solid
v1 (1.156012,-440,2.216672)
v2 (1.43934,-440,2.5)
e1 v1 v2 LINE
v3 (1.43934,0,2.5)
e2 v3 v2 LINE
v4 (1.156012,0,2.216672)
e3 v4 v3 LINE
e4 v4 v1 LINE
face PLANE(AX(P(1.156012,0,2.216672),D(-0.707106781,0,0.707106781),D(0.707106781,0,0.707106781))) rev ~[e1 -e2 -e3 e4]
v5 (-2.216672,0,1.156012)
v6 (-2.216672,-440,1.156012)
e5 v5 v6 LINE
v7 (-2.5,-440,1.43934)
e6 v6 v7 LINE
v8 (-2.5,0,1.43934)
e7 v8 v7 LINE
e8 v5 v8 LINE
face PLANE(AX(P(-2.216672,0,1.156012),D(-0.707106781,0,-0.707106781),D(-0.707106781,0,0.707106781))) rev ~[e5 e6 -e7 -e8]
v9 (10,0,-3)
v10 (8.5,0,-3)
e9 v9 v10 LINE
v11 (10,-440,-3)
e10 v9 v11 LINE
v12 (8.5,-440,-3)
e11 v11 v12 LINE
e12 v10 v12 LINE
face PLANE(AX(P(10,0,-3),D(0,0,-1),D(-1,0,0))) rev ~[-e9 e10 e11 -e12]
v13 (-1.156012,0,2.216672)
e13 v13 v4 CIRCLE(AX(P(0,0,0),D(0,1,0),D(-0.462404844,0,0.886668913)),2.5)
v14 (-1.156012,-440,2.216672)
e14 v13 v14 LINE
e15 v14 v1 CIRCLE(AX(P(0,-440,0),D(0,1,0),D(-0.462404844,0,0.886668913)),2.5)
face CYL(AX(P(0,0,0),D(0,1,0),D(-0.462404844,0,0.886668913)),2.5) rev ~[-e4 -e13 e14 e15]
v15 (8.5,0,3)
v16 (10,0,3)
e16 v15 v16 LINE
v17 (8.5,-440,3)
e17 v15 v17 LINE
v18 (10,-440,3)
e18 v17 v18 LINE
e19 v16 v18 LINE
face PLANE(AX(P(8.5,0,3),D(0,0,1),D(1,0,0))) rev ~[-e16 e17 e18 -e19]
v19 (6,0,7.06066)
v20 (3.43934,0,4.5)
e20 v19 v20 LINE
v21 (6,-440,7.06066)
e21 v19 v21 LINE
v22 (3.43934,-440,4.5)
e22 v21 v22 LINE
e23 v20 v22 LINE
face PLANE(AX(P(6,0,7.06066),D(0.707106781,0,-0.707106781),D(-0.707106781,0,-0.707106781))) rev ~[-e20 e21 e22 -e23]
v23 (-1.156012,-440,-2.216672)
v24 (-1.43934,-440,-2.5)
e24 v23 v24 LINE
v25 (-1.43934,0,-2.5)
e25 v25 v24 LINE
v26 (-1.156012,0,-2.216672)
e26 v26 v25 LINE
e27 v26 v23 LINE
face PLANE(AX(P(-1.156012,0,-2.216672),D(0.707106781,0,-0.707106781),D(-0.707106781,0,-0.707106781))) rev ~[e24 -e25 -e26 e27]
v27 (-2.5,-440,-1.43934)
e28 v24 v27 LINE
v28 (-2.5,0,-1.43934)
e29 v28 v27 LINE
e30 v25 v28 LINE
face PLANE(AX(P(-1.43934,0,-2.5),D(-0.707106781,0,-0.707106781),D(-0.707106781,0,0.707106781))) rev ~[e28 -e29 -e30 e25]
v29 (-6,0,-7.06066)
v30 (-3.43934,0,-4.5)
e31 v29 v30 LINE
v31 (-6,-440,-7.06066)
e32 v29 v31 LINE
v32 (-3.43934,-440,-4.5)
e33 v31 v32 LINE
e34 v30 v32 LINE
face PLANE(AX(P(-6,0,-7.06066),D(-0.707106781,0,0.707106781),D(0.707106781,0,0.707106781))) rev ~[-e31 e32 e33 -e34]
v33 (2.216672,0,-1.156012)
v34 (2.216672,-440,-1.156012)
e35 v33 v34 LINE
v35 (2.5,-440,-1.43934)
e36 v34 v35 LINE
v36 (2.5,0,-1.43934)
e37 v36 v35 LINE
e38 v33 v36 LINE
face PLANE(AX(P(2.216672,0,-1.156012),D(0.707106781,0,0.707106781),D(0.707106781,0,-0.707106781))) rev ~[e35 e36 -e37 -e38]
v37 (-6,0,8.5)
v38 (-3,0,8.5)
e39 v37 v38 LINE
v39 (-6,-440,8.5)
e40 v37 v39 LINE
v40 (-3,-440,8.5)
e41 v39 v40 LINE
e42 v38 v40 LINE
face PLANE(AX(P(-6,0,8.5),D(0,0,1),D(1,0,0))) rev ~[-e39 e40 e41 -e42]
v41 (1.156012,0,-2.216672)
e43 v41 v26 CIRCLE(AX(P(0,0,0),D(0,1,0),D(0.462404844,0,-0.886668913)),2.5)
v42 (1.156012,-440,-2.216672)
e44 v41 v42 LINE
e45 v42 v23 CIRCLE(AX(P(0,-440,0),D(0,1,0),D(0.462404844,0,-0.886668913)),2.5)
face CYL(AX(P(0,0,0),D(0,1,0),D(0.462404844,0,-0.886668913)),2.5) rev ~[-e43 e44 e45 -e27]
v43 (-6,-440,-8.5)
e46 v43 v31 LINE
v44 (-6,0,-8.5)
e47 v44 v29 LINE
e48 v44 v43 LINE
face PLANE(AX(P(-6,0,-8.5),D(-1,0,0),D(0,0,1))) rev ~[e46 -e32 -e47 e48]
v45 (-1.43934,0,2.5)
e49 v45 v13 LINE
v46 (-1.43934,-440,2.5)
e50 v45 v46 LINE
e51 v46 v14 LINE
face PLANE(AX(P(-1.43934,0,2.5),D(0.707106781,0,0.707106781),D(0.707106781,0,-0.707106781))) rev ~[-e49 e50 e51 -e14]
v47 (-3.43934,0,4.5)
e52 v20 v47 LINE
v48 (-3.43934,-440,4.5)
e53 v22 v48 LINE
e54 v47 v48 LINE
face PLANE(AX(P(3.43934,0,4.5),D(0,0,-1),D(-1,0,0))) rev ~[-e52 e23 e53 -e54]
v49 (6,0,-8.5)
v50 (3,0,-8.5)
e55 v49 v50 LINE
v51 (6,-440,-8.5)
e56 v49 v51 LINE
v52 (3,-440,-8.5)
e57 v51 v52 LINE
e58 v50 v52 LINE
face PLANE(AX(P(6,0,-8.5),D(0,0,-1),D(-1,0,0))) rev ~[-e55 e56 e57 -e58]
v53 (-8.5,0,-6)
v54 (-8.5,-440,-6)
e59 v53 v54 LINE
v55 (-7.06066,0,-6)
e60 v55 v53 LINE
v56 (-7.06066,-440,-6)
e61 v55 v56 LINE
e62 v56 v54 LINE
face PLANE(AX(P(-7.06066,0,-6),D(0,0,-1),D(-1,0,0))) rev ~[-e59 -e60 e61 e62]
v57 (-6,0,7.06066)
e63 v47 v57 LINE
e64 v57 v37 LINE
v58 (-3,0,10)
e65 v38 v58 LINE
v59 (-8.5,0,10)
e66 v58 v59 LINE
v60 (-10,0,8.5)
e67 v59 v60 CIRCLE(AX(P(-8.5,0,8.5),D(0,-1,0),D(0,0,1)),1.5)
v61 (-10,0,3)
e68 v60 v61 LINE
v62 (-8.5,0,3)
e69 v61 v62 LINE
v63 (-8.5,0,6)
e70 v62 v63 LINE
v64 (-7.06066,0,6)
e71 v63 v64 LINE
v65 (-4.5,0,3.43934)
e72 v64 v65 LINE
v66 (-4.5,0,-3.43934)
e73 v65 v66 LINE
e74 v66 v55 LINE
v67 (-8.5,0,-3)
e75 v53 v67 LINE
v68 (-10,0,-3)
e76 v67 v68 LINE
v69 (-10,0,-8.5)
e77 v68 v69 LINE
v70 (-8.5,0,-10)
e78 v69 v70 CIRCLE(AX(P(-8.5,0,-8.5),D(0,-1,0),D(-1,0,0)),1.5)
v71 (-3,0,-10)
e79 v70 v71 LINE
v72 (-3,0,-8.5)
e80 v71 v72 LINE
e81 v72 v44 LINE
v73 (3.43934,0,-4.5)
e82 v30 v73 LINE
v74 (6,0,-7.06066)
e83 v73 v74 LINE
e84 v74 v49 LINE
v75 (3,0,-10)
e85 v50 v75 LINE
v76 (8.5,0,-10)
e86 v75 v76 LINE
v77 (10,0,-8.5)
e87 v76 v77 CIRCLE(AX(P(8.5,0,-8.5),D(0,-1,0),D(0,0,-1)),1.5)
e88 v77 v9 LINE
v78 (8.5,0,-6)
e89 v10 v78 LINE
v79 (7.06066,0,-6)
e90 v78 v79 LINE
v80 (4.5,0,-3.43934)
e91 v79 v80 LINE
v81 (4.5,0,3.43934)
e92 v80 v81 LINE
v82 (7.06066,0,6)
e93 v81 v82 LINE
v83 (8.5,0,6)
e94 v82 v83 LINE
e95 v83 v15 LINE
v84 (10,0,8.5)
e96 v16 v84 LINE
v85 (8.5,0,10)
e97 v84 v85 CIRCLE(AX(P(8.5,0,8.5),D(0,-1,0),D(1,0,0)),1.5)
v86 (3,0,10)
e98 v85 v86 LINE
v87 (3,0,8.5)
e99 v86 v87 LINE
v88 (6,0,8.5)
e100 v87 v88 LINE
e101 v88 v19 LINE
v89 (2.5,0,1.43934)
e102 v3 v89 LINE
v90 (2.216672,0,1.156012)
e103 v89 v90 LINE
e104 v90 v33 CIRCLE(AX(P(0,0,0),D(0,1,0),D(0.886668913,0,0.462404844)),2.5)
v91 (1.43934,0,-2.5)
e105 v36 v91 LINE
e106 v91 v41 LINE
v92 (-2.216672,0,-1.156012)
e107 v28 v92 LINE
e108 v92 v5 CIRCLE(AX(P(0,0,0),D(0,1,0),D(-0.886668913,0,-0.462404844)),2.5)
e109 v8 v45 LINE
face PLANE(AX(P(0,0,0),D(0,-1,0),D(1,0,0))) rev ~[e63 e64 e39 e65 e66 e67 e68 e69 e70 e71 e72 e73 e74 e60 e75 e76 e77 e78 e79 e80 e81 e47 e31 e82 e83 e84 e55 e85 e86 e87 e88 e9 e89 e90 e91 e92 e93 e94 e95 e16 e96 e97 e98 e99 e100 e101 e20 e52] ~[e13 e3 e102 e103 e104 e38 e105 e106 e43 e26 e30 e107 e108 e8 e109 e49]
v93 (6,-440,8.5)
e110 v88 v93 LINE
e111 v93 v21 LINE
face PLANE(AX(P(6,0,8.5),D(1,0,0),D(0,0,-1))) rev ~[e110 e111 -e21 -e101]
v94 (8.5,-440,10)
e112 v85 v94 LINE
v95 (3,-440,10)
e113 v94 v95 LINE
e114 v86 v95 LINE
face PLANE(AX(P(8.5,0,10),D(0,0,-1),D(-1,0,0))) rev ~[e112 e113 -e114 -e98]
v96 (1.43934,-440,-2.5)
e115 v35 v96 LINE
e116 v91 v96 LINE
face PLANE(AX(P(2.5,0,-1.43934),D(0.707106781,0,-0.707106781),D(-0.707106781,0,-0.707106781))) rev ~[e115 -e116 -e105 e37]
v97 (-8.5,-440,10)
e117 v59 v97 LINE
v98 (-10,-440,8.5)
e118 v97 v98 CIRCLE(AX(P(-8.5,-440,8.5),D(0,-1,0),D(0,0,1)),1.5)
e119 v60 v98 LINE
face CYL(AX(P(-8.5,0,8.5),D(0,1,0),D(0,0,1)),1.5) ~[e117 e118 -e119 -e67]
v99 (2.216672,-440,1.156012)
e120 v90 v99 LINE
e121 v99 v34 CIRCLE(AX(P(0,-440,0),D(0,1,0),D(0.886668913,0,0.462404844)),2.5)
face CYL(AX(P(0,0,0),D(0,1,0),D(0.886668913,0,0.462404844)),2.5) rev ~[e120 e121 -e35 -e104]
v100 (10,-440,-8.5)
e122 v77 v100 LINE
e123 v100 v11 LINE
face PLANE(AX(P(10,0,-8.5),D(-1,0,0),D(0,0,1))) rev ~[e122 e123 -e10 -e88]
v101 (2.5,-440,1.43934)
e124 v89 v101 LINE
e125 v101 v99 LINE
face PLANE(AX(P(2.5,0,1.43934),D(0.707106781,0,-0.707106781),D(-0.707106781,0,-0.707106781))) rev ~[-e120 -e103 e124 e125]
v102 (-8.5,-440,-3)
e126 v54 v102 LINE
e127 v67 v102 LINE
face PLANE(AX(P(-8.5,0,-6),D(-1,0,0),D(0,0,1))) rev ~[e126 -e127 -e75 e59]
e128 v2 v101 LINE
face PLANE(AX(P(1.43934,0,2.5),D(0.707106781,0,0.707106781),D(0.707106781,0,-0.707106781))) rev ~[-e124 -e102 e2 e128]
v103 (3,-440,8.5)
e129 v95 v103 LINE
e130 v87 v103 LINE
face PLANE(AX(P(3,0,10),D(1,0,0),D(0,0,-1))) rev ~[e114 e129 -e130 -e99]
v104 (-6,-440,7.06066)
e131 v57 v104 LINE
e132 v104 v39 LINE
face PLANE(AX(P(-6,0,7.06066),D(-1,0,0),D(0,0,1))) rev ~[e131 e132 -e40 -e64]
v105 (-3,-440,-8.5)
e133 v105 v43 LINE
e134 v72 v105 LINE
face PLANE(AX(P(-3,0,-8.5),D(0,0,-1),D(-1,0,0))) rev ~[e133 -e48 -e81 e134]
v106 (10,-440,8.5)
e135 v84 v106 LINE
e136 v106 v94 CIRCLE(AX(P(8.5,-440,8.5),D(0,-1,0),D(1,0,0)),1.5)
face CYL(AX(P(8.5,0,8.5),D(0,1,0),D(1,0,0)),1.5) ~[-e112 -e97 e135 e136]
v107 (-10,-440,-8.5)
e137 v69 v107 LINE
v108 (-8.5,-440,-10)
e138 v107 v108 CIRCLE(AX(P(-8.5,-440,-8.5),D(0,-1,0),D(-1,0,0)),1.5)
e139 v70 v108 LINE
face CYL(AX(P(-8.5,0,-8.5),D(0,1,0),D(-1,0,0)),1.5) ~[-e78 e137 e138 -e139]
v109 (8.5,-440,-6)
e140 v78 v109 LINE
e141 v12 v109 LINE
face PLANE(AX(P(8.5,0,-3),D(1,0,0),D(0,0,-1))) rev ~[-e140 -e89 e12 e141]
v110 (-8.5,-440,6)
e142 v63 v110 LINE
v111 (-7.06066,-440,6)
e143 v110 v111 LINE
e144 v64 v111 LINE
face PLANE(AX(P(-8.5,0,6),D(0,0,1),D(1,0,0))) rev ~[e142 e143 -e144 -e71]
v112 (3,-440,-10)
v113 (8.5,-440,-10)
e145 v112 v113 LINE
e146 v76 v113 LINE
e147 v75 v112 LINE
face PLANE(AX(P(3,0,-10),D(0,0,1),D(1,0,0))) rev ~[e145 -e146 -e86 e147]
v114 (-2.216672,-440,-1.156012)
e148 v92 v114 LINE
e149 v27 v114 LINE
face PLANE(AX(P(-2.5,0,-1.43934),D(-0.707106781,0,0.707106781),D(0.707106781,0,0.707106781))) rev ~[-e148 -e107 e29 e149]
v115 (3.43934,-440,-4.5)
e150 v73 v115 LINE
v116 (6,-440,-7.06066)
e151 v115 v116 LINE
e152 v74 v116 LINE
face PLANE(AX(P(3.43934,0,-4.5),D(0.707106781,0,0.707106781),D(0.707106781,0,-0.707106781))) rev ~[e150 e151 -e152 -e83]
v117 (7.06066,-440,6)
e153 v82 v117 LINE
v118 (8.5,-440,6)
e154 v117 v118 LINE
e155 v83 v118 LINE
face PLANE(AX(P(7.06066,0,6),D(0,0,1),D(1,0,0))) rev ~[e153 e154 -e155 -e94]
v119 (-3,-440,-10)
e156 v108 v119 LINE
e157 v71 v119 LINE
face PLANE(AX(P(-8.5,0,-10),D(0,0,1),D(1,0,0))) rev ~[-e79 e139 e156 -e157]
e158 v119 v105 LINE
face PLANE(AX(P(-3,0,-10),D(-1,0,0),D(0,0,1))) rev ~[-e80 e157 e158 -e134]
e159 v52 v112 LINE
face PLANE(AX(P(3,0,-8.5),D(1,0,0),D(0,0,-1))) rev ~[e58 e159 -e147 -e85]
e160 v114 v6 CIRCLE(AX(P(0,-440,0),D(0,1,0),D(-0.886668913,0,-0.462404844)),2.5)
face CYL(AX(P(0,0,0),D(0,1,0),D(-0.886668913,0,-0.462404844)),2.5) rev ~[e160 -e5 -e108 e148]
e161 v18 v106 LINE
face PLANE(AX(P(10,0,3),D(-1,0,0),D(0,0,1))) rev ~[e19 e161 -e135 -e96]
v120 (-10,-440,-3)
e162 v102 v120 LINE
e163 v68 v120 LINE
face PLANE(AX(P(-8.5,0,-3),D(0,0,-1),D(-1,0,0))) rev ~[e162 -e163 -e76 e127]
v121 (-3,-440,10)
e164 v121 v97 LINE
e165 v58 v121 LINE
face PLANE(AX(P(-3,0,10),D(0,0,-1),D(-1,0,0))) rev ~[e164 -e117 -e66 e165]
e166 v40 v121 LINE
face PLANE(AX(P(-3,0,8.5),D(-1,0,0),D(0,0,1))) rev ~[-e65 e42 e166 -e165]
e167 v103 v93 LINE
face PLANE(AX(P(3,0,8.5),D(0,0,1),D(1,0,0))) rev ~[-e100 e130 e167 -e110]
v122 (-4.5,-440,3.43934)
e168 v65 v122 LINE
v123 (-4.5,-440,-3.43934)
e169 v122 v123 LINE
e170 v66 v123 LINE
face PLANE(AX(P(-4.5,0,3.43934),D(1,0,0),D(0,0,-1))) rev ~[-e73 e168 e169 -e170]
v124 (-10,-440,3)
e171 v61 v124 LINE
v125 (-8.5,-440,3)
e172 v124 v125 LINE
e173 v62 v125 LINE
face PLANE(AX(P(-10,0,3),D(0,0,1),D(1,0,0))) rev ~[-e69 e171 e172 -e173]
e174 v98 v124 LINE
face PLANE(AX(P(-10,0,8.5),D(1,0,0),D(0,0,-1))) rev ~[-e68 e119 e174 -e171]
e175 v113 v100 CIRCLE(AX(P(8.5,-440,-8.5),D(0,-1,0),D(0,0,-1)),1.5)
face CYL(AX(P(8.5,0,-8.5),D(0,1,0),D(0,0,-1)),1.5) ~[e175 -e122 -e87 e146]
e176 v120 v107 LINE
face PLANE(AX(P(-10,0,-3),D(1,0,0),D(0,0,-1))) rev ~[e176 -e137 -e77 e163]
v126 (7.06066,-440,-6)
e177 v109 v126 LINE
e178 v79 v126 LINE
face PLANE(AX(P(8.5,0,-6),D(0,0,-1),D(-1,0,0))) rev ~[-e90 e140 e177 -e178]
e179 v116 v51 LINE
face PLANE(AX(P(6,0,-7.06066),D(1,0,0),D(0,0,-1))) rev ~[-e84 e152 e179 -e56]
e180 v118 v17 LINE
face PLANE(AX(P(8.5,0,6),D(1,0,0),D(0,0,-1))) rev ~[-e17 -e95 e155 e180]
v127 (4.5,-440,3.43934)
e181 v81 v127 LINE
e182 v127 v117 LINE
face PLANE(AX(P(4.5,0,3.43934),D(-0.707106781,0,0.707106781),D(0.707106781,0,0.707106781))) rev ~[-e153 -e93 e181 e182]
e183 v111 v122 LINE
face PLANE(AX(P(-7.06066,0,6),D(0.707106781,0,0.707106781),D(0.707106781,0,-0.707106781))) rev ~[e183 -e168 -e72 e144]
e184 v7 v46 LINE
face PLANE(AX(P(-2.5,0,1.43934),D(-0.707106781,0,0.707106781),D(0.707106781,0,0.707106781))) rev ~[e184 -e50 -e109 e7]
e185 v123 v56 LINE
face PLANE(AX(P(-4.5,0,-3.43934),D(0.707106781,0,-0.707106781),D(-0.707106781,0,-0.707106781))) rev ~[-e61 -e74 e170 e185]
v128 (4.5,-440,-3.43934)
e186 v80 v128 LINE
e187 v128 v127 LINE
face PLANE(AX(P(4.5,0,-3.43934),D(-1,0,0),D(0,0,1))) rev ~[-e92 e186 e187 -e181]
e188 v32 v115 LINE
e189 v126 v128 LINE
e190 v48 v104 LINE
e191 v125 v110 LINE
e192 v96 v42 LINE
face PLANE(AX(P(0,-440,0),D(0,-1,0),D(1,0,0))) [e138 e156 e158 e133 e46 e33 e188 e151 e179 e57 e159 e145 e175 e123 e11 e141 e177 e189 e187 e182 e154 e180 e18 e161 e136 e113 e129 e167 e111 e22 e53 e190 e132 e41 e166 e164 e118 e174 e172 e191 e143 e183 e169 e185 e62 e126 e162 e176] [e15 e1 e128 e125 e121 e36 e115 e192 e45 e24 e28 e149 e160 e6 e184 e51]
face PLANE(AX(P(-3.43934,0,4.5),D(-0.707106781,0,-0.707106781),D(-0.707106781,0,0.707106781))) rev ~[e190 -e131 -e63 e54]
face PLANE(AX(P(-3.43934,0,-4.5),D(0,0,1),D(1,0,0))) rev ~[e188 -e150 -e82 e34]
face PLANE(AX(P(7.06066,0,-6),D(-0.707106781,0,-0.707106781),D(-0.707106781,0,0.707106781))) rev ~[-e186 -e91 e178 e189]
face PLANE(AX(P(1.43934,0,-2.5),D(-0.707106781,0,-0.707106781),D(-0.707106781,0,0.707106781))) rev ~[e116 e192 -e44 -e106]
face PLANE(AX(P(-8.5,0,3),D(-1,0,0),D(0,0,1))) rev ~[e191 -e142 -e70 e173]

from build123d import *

# Parameters (mm, degrees)
F1_DEPTH = 440


with BuildPart() as f1:
    # F0 (on Front) → F1 (new body)
    with BuildSketch(Plane.XZ):
        with BuildLine():
            Line((3, -10), (8.5, -10))
            ThreePointArc((8.5, -10), (9.5606601718, -9.5606601718), (10, -8.5))
            Line((10, -8.5), (10, -3))
            Line((10, -3), (8.5, -3))
            Line((8.5, -3), (8.5, -6))
            Line((8.5, -6), (7.0606601718, -6))
            Line((7.0606601718, -6), (4.5, -3.4393398282))
            Line((4.5, -3.4393398282), (4.5, 3.4393398282))
            Line((4.5, 3.4393398282), (7.0606601718, 6))
            Line((7.0606601718, 6), (8.5, 6))
            Line((8.5, 6), (8.5, 3))
            Line((8.5, 3), (10, 3))
            Line((10, 3), (10, 8.5))
            ThreePointArc((10, 8.5), (9.5606601718, 9.5606601718), (8.5, 10))
            Line((8.5, 10), (3, 10))
            Line((3, 10), (3, 8.5))
            Line((3, 8.5), (6, 8.5))
            Line((6, 8.5), (6, 7.0606601718))
            Line((6, 7.0606601718), (3.4393398282, 4.5))
            Line((3.4393398282, 4.5), (-3.4393398282, 4.5))
            Line((-3.4393398282, 4.5), (-6, 7.0606601718))
            Line((-6, 7.0606601718), (-6, 8.5))
            Line((-6, 8.5), (-3, 8.5))
            Line((-3, 8.5), (-3, 10))
            Line((-3, 10), (-8.5, 10))
            ThreePointArc((-8.5, 10), (-9.5606601718, 9.5606601718), (-10, 8.5))
            Line((-10, 8.5), (-10, 3))
            Line((-10, 3), (-8.5, 3))
            Line((-8.5, 3), (-8.5, 6))
            Line((-8.5, 6), (-7.0606601718, 6))
            Line((-7.0606601718, 6), (-4.5, 3.4393398282))
            Line((-4.5, 3.4393398282), (-4.5, -3.4393398282))
            Line((-4.5, -3.4393398282), (-7.0606601718, -6))
            Line((-7.0606601718, -6), (-8.5, -6))
            Line((-8.5, -6), (-8.5, -3))
            Line((-8.5, -3), (-10, -3))
            Line((-10, -3), (-10, -8.5))
            ThreePointArc((-10, -8.5), (-9.5606601718, -9.5606601718), (-8.5, -10))
            Line((-8.5, -10), (-3, -10))
            Line((-3, -10), (-3, -8.5))
            Line((-3, -8.5), (-6, -8.5))
            Line((-6, -8.5), (-6, -7.0606601718))
            Line((-6, -7.0606601718), (-3.4393398282, -4.5))
            Line((-3.4393398282, -4.5), (3.4393398282, -4.5))
            Line((3.4393398282, -4.5), (6, -7.0606601718))
            Line((6, -7.0606601718), (6, -8.5))
            Line((6, -8.5), (3, -8.5))
            Line((3, -8.5), (3, -10))
        make_face()
        with BuildLine():
            ThreePointArc((-1.1560121095, 2.2166722813), (0, 2.5), (1.1560121095, 2.2166722813))
            Line((1.1560121095, 2.2166722813), (1.4393398282, 2.5))
            Line((1.4393398282, 2.5), (2.5, 1.4393398282))
            Line((2.5, 1.4393398282), (2.2166722813, 1.1560121095))
            ThreePointArc((2.2166722813, 1.1560121095), (2.5, 0), (2.2166722813, -1.1560121095))
            Line((2.2166722813, -1.1560121095), (2.5, -1.4393398282))
            Line((2.5, -1.4393398282), (1.4393398282, -2.5))
            Line((1.4393398282, -2.5), (1.1560121095, -2.2166722813))
            ThreePointArc((1.1560121095, -2.2166722813), (0, -2.5), (-1.1560121095, -2.2166722813))
            Line((-1.1560121095, -2.2166722813), (-1.4393398282, -2.5))
            Line((-1.4393398282, -2.5), (-2.5, -1.4393398282))
            Line((-2.5, -1.4393398282), (-2.2166722813, -1.1560121095))
            ThreePointArc((-2.2166722813, -1.1560121095), (-2.5, 0), (-2.2166722813, 1.1560121095))
            Line((-2.2166722813, 1.1560121095), (-2.5, 1.4393398282))
            Line((-2.5, 1.4393398282), (-1.4393398282, 2.5))
            Line((-1.4393398282, 2.5), (-1.1560121095, 2.2166722813))
        make_face(mode=Mode.SUBTRACT)
    extrude(amount=F1_DEPTH)


solid = f1.part
